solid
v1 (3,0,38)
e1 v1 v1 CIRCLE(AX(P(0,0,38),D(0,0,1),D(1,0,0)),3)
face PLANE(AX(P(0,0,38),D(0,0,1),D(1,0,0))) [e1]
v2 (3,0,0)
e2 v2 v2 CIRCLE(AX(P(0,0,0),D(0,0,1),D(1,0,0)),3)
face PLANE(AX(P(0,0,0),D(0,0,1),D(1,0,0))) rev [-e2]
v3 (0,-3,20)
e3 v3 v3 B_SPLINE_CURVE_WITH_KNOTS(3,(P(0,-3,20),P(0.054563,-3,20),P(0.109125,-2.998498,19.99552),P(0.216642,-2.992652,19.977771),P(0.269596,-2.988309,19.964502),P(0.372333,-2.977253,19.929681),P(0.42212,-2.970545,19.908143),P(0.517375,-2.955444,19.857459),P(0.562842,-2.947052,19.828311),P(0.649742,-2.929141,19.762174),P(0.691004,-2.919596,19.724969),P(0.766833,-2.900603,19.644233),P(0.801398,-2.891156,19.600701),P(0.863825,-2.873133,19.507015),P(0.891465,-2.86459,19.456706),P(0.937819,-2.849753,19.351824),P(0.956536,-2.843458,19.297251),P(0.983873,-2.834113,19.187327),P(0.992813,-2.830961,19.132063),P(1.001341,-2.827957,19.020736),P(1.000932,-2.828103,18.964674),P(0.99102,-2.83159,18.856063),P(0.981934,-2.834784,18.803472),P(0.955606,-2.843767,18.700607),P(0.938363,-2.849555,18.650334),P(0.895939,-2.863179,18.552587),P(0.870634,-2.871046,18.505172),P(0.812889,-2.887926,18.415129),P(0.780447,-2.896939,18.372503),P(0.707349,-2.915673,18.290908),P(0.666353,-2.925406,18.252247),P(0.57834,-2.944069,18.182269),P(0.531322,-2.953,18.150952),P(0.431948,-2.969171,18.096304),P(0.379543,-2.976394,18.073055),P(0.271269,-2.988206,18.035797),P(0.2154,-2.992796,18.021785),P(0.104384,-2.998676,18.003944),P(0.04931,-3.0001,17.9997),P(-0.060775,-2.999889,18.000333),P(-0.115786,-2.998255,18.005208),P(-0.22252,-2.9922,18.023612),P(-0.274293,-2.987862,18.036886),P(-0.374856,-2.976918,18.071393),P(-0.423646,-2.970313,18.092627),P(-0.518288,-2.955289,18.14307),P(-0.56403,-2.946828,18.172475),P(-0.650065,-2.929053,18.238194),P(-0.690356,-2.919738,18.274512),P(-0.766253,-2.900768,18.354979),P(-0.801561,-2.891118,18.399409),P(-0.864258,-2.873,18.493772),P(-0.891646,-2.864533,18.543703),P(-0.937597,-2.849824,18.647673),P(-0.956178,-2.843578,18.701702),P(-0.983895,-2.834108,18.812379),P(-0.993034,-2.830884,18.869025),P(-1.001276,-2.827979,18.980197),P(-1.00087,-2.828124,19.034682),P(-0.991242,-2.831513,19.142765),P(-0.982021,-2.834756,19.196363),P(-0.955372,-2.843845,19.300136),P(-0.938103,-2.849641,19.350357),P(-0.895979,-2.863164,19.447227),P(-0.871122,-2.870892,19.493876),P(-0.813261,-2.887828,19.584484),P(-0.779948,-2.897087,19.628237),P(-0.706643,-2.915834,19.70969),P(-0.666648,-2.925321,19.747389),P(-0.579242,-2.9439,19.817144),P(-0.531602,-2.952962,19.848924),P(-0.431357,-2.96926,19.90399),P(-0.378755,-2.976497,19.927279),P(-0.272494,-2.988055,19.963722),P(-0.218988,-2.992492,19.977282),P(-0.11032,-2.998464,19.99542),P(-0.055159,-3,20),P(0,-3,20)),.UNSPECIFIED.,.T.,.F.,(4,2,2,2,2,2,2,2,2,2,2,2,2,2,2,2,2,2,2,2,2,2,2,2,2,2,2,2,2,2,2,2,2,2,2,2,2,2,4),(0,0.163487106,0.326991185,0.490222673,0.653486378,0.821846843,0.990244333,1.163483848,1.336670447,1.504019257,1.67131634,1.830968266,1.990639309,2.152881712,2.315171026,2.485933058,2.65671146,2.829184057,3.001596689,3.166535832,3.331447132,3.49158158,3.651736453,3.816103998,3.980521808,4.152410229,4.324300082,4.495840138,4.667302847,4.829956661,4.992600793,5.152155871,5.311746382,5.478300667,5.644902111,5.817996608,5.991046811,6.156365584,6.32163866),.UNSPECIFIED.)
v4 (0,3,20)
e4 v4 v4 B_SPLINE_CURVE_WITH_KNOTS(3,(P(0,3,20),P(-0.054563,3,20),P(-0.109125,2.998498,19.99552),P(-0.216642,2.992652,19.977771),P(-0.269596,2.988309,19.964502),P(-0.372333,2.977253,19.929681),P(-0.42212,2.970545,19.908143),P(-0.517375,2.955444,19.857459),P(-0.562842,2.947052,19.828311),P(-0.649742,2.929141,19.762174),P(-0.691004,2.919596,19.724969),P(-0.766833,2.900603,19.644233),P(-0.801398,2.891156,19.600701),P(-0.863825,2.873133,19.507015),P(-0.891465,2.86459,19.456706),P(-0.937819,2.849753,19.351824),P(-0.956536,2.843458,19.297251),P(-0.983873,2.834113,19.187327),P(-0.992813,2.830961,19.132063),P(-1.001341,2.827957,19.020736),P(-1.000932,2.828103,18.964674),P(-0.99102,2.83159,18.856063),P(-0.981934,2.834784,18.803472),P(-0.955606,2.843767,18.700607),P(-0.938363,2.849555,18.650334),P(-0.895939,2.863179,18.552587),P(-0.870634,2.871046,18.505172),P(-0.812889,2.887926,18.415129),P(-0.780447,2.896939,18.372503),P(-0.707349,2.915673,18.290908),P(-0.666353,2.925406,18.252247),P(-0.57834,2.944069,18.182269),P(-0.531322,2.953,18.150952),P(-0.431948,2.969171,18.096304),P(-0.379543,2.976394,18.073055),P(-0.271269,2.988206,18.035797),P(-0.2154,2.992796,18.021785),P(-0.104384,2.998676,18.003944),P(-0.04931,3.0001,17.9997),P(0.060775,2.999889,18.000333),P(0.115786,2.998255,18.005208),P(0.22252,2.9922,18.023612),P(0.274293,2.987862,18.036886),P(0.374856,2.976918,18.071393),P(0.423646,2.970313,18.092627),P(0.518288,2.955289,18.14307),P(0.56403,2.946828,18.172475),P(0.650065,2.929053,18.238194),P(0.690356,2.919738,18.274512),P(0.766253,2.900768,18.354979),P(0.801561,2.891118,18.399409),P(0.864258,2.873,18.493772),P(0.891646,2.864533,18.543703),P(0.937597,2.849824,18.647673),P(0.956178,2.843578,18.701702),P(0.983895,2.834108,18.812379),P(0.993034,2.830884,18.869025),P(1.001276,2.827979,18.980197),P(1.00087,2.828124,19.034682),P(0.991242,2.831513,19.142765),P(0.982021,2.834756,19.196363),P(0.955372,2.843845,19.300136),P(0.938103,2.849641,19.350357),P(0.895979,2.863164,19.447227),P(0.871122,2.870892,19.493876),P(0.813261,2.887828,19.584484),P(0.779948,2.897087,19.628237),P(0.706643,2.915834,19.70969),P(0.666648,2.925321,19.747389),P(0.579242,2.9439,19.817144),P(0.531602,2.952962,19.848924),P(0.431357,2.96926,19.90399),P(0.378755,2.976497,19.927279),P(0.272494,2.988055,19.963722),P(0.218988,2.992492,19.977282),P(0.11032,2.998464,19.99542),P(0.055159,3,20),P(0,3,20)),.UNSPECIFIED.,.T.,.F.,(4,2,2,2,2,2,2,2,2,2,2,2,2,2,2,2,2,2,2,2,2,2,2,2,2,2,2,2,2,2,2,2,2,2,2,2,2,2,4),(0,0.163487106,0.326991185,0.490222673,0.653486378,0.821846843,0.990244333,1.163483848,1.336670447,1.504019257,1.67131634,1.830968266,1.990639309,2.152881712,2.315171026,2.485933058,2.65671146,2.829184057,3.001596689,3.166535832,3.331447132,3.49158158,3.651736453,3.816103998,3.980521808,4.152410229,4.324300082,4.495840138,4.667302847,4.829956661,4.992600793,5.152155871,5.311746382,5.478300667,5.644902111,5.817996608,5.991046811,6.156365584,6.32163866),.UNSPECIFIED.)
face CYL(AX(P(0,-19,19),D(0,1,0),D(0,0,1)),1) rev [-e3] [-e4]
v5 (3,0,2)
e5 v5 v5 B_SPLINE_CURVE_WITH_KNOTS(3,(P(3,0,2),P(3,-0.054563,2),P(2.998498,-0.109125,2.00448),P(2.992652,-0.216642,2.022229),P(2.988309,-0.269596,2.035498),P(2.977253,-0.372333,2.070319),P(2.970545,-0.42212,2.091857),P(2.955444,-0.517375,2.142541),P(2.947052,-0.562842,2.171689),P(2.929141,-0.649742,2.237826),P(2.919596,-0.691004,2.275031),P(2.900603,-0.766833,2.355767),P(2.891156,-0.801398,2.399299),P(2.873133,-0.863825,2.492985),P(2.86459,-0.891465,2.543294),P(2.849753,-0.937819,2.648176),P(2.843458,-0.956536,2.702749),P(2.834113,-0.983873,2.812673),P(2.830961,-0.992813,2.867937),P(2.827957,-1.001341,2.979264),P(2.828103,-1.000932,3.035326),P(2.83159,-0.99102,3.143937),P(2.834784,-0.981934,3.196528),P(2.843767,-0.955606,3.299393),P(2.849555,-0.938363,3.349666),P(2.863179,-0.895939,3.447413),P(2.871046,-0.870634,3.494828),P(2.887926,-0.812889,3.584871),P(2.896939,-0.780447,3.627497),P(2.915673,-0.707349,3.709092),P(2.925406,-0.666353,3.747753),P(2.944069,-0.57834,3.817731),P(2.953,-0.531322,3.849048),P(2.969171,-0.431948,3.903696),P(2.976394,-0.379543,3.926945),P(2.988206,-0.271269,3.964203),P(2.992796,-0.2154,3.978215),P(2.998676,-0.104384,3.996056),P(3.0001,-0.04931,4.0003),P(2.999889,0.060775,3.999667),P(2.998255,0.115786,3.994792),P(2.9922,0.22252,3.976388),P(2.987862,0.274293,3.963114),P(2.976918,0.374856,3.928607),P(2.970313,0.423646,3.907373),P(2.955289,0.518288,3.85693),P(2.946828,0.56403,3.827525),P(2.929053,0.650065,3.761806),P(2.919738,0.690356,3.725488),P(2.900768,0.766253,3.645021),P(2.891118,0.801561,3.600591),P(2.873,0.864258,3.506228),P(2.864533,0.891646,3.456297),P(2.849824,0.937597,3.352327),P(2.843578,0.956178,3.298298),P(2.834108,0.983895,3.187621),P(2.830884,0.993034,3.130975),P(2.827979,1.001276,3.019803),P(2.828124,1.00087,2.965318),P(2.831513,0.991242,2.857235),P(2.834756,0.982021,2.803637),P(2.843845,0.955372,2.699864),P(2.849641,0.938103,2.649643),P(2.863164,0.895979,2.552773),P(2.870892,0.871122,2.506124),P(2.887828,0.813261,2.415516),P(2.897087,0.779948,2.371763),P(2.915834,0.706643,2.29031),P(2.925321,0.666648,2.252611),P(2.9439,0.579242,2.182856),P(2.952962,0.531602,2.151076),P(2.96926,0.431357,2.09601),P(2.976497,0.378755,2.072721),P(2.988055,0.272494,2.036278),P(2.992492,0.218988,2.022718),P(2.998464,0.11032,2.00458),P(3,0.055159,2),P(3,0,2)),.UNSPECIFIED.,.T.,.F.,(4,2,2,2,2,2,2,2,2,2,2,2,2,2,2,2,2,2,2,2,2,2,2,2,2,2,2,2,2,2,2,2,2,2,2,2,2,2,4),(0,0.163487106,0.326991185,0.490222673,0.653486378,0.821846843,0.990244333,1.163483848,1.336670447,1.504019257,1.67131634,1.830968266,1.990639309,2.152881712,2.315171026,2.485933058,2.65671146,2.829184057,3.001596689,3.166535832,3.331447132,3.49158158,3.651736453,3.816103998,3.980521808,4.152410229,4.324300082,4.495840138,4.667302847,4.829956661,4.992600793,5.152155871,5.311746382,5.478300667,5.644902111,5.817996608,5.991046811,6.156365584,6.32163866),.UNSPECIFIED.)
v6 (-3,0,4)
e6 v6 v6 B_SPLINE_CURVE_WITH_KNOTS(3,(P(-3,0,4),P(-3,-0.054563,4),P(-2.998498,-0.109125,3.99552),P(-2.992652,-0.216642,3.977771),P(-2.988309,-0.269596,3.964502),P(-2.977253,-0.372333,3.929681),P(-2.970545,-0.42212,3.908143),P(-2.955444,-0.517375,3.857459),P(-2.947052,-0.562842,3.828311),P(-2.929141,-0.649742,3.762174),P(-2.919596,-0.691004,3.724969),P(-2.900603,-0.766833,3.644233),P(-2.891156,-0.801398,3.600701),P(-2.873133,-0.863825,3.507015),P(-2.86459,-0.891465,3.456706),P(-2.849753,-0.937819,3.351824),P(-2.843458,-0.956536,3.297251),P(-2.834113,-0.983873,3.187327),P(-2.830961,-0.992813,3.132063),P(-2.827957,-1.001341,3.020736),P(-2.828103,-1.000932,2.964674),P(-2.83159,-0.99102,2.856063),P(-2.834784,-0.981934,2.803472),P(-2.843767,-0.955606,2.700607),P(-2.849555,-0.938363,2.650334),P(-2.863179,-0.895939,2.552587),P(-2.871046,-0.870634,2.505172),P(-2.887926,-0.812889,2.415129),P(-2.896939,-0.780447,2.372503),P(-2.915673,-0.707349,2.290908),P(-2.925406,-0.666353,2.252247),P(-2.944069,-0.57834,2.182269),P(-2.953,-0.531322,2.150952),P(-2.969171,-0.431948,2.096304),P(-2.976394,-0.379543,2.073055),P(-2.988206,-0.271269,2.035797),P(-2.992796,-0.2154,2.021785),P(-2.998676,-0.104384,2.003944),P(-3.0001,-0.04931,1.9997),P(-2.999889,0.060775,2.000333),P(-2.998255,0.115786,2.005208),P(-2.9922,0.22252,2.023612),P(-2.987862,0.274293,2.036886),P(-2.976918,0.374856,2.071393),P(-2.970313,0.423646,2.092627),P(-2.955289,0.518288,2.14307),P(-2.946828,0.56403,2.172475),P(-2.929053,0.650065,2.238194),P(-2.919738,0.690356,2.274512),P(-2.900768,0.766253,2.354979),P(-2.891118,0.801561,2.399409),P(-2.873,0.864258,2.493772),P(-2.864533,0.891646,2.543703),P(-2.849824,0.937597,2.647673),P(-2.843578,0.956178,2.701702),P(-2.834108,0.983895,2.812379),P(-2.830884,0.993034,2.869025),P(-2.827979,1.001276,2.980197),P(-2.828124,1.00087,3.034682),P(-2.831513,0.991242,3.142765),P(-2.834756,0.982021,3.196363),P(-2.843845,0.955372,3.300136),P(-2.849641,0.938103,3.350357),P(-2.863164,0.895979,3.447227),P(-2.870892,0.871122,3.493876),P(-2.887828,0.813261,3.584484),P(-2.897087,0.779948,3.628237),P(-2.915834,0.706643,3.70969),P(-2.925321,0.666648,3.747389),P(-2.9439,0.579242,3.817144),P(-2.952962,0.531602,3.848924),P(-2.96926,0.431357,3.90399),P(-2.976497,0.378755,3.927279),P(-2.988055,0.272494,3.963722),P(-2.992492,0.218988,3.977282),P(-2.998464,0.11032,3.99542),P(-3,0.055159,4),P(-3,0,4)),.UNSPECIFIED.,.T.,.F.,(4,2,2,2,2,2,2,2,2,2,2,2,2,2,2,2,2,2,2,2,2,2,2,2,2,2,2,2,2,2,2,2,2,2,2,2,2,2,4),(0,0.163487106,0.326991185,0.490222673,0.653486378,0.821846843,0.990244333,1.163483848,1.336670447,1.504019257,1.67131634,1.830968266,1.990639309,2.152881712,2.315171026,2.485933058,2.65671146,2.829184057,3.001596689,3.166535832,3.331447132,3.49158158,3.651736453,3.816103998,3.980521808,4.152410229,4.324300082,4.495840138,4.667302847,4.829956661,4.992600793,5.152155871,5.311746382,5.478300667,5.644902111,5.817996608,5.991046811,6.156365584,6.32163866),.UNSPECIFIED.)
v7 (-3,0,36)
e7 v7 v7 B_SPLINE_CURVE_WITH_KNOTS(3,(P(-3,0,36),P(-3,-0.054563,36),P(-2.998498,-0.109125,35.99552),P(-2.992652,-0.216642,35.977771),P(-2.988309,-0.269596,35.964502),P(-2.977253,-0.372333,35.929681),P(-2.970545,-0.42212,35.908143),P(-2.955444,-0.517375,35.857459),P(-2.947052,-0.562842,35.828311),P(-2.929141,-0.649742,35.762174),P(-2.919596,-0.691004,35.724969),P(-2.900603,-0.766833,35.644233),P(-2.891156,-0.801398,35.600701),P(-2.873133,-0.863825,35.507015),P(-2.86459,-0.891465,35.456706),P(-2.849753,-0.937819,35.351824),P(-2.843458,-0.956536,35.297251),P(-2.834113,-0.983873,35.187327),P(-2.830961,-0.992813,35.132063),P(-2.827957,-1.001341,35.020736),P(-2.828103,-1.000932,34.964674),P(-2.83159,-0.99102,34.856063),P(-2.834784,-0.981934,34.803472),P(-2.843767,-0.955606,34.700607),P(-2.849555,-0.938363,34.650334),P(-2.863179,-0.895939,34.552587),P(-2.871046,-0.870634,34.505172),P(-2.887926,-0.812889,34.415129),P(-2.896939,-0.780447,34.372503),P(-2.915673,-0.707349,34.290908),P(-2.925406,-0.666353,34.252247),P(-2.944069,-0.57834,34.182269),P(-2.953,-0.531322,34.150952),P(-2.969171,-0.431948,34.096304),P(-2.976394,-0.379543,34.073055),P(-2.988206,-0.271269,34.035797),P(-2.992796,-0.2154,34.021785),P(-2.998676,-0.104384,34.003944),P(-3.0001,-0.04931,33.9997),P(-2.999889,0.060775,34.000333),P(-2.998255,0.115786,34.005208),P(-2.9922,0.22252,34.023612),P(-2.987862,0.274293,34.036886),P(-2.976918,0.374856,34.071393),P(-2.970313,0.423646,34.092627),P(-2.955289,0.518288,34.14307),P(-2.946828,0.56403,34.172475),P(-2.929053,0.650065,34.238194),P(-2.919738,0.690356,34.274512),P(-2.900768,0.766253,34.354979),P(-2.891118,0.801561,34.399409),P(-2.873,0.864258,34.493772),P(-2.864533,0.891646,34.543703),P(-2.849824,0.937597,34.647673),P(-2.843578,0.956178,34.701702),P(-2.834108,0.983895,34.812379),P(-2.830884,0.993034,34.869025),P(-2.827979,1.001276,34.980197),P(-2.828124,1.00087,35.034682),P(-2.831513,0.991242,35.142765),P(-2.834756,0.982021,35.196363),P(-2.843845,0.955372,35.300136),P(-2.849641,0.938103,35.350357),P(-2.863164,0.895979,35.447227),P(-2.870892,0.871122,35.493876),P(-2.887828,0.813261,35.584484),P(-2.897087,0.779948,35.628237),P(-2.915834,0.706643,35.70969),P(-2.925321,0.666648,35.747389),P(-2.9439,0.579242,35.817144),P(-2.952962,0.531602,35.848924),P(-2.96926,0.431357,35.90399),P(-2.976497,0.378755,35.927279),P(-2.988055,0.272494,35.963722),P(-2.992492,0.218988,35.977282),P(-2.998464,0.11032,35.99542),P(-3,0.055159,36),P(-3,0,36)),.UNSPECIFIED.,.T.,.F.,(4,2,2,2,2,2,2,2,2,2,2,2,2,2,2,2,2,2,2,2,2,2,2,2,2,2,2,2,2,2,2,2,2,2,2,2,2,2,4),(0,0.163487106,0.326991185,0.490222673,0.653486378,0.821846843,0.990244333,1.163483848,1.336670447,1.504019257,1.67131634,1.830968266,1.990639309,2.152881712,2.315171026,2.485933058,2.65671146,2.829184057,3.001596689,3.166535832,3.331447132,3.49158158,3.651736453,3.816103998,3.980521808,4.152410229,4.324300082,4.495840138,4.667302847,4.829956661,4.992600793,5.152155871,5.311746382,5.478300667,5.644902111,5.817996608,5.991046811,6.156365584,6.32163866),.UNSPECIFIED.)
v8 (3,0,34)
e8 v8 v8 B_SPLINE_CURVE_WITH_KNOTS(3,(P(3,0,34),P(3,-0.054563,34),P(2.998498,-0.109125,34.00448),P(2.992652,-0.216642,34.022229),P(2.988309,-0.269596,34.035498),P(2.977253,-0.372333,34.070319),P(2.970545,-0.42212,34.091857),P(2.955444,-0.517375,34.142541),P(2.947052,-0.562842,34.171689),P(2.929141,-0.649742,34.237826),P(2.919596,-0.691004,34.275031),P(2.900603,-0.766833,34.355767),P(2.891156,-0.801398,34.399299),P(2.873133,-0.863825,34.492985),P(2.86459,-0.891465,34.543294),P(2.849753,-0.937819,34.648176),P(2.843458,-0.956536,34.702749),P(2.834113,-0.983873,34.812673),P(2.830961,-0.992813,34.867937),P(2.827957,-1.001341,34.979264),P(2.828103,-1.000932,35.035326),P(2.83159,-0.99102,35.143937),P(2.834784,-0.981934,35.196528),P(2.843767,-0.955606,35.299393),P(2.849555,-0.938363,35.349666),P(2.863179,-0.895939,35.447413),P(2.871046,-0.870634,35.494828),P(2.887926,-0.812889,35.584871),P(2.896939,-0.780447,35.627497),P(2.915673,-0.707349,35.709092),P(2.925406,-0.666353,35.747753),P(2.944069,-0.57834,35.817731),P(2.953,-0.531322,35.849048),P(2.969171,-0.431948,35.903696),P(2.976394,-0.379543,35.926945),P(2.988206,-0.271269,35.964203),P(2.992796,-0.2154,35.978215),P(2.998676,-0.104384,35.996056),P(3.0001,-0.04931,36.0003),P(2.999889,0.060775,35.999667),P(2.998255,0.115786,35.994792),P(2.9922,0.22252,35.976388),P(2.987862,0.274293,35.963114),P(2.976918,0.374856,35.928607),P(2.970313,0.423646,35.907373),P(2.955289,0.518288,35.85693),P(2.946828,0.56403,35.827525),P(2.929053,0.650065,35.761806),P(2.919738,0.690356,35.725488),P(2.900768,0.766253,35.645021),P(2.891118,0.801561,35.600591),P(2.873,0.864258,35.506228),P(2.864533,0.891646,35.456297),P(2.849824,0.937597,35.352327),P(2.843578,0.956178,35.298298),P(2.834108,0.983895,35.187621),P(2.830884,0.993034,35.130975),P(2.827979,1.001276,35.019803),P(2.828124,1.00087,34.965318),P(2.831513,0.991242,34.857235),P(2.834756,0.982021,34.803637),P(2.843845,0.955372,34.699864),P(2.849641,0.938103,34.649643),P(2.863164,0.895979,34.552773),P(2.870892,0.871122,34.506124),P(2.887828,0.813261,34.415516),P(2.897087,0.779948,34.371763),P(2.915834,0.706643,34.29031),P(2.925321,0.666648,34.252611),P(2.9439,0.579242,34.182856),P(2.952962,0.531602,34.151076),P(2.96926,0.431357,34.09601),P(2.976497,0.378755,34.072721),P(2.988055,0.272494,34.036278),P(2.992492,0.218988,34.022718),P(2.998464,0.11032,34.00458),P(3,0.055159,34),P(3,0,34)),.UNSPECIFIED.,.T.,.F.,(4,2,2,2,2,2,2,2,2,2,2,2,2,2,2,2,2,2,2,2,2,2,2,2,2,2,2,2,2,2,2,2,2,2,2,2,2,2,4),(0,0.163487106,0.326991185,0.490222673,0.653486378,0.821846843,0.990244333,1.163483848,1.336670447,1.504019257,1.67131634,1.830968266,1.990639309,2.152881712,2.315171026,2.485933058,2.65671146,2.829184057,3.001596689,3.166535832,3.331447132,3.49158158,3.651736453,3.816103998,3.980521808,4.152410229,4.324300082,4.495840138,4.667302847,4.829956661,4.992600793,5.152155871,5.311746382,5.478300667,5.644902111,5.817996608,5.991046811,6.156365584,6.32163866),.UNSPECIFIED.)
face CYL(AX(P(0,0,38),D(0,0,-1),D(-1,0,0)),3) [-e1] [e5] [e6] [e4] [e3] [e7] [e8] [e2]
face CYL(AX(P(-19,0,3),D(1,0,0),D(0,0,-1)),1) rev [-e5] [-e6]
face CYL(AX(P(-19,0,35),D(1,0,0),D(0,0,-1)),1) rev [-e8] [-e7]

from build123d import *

# Parameters (mm, degrees)
SKETCH1_R           = 3
BOSS_EXTRUDE1_DEPTH = 38
SKETCH2_R           = 1
CUT_EXTRUDE3_DEPTH  = 19
SKETCH4_R           = 1
CUT_EXTRUDE4_DEPTH  = 19


with BuildPart() as part:
    # Sketch1 → Boss-Extrude1 (new body)
    with BuildSketch(Plane.XY):
        Circle(SKETCH1_R)
    extrude(amount=BOSS_EXTRUDE1_DEPTH)

    # Sketch2 → Cut-Extrude3 (cut, symmetric)
    with BuildSketch(Plane(origin=(0, 0, 0), x_dir=(1, 0, 0), z_dir=(0, 1, 0))):
        with Locations(Location((0, -19, 0), (0, 0, 270))):
            Circle(SKETCH2_R)
    extrude(amount=CUT_EXTRUDE3_DEPTH, both=True, mode=Mode.SUBTRACT)

    # Sketch4 → Cut-Extrude4 (cut, symmetric)
    with BuildSketch(Plane(origin=(0, 0, 0), x_dir=(0, 0, -1), z_dir=(1, 0, 0))):
        with Locations(Location((-35, 0, 0), (0, 0, 180))):
            Circle(SKETCH4_R)
        with Locations(Location((-3, 0, 0), (0, 0, 180))):
            Circle(SKETCH4_R)
    extrude(amount=CUT_EXTRUDE4_DEPTH, both=True, mode=Mode.SUBTRACT)


solid = part.part
